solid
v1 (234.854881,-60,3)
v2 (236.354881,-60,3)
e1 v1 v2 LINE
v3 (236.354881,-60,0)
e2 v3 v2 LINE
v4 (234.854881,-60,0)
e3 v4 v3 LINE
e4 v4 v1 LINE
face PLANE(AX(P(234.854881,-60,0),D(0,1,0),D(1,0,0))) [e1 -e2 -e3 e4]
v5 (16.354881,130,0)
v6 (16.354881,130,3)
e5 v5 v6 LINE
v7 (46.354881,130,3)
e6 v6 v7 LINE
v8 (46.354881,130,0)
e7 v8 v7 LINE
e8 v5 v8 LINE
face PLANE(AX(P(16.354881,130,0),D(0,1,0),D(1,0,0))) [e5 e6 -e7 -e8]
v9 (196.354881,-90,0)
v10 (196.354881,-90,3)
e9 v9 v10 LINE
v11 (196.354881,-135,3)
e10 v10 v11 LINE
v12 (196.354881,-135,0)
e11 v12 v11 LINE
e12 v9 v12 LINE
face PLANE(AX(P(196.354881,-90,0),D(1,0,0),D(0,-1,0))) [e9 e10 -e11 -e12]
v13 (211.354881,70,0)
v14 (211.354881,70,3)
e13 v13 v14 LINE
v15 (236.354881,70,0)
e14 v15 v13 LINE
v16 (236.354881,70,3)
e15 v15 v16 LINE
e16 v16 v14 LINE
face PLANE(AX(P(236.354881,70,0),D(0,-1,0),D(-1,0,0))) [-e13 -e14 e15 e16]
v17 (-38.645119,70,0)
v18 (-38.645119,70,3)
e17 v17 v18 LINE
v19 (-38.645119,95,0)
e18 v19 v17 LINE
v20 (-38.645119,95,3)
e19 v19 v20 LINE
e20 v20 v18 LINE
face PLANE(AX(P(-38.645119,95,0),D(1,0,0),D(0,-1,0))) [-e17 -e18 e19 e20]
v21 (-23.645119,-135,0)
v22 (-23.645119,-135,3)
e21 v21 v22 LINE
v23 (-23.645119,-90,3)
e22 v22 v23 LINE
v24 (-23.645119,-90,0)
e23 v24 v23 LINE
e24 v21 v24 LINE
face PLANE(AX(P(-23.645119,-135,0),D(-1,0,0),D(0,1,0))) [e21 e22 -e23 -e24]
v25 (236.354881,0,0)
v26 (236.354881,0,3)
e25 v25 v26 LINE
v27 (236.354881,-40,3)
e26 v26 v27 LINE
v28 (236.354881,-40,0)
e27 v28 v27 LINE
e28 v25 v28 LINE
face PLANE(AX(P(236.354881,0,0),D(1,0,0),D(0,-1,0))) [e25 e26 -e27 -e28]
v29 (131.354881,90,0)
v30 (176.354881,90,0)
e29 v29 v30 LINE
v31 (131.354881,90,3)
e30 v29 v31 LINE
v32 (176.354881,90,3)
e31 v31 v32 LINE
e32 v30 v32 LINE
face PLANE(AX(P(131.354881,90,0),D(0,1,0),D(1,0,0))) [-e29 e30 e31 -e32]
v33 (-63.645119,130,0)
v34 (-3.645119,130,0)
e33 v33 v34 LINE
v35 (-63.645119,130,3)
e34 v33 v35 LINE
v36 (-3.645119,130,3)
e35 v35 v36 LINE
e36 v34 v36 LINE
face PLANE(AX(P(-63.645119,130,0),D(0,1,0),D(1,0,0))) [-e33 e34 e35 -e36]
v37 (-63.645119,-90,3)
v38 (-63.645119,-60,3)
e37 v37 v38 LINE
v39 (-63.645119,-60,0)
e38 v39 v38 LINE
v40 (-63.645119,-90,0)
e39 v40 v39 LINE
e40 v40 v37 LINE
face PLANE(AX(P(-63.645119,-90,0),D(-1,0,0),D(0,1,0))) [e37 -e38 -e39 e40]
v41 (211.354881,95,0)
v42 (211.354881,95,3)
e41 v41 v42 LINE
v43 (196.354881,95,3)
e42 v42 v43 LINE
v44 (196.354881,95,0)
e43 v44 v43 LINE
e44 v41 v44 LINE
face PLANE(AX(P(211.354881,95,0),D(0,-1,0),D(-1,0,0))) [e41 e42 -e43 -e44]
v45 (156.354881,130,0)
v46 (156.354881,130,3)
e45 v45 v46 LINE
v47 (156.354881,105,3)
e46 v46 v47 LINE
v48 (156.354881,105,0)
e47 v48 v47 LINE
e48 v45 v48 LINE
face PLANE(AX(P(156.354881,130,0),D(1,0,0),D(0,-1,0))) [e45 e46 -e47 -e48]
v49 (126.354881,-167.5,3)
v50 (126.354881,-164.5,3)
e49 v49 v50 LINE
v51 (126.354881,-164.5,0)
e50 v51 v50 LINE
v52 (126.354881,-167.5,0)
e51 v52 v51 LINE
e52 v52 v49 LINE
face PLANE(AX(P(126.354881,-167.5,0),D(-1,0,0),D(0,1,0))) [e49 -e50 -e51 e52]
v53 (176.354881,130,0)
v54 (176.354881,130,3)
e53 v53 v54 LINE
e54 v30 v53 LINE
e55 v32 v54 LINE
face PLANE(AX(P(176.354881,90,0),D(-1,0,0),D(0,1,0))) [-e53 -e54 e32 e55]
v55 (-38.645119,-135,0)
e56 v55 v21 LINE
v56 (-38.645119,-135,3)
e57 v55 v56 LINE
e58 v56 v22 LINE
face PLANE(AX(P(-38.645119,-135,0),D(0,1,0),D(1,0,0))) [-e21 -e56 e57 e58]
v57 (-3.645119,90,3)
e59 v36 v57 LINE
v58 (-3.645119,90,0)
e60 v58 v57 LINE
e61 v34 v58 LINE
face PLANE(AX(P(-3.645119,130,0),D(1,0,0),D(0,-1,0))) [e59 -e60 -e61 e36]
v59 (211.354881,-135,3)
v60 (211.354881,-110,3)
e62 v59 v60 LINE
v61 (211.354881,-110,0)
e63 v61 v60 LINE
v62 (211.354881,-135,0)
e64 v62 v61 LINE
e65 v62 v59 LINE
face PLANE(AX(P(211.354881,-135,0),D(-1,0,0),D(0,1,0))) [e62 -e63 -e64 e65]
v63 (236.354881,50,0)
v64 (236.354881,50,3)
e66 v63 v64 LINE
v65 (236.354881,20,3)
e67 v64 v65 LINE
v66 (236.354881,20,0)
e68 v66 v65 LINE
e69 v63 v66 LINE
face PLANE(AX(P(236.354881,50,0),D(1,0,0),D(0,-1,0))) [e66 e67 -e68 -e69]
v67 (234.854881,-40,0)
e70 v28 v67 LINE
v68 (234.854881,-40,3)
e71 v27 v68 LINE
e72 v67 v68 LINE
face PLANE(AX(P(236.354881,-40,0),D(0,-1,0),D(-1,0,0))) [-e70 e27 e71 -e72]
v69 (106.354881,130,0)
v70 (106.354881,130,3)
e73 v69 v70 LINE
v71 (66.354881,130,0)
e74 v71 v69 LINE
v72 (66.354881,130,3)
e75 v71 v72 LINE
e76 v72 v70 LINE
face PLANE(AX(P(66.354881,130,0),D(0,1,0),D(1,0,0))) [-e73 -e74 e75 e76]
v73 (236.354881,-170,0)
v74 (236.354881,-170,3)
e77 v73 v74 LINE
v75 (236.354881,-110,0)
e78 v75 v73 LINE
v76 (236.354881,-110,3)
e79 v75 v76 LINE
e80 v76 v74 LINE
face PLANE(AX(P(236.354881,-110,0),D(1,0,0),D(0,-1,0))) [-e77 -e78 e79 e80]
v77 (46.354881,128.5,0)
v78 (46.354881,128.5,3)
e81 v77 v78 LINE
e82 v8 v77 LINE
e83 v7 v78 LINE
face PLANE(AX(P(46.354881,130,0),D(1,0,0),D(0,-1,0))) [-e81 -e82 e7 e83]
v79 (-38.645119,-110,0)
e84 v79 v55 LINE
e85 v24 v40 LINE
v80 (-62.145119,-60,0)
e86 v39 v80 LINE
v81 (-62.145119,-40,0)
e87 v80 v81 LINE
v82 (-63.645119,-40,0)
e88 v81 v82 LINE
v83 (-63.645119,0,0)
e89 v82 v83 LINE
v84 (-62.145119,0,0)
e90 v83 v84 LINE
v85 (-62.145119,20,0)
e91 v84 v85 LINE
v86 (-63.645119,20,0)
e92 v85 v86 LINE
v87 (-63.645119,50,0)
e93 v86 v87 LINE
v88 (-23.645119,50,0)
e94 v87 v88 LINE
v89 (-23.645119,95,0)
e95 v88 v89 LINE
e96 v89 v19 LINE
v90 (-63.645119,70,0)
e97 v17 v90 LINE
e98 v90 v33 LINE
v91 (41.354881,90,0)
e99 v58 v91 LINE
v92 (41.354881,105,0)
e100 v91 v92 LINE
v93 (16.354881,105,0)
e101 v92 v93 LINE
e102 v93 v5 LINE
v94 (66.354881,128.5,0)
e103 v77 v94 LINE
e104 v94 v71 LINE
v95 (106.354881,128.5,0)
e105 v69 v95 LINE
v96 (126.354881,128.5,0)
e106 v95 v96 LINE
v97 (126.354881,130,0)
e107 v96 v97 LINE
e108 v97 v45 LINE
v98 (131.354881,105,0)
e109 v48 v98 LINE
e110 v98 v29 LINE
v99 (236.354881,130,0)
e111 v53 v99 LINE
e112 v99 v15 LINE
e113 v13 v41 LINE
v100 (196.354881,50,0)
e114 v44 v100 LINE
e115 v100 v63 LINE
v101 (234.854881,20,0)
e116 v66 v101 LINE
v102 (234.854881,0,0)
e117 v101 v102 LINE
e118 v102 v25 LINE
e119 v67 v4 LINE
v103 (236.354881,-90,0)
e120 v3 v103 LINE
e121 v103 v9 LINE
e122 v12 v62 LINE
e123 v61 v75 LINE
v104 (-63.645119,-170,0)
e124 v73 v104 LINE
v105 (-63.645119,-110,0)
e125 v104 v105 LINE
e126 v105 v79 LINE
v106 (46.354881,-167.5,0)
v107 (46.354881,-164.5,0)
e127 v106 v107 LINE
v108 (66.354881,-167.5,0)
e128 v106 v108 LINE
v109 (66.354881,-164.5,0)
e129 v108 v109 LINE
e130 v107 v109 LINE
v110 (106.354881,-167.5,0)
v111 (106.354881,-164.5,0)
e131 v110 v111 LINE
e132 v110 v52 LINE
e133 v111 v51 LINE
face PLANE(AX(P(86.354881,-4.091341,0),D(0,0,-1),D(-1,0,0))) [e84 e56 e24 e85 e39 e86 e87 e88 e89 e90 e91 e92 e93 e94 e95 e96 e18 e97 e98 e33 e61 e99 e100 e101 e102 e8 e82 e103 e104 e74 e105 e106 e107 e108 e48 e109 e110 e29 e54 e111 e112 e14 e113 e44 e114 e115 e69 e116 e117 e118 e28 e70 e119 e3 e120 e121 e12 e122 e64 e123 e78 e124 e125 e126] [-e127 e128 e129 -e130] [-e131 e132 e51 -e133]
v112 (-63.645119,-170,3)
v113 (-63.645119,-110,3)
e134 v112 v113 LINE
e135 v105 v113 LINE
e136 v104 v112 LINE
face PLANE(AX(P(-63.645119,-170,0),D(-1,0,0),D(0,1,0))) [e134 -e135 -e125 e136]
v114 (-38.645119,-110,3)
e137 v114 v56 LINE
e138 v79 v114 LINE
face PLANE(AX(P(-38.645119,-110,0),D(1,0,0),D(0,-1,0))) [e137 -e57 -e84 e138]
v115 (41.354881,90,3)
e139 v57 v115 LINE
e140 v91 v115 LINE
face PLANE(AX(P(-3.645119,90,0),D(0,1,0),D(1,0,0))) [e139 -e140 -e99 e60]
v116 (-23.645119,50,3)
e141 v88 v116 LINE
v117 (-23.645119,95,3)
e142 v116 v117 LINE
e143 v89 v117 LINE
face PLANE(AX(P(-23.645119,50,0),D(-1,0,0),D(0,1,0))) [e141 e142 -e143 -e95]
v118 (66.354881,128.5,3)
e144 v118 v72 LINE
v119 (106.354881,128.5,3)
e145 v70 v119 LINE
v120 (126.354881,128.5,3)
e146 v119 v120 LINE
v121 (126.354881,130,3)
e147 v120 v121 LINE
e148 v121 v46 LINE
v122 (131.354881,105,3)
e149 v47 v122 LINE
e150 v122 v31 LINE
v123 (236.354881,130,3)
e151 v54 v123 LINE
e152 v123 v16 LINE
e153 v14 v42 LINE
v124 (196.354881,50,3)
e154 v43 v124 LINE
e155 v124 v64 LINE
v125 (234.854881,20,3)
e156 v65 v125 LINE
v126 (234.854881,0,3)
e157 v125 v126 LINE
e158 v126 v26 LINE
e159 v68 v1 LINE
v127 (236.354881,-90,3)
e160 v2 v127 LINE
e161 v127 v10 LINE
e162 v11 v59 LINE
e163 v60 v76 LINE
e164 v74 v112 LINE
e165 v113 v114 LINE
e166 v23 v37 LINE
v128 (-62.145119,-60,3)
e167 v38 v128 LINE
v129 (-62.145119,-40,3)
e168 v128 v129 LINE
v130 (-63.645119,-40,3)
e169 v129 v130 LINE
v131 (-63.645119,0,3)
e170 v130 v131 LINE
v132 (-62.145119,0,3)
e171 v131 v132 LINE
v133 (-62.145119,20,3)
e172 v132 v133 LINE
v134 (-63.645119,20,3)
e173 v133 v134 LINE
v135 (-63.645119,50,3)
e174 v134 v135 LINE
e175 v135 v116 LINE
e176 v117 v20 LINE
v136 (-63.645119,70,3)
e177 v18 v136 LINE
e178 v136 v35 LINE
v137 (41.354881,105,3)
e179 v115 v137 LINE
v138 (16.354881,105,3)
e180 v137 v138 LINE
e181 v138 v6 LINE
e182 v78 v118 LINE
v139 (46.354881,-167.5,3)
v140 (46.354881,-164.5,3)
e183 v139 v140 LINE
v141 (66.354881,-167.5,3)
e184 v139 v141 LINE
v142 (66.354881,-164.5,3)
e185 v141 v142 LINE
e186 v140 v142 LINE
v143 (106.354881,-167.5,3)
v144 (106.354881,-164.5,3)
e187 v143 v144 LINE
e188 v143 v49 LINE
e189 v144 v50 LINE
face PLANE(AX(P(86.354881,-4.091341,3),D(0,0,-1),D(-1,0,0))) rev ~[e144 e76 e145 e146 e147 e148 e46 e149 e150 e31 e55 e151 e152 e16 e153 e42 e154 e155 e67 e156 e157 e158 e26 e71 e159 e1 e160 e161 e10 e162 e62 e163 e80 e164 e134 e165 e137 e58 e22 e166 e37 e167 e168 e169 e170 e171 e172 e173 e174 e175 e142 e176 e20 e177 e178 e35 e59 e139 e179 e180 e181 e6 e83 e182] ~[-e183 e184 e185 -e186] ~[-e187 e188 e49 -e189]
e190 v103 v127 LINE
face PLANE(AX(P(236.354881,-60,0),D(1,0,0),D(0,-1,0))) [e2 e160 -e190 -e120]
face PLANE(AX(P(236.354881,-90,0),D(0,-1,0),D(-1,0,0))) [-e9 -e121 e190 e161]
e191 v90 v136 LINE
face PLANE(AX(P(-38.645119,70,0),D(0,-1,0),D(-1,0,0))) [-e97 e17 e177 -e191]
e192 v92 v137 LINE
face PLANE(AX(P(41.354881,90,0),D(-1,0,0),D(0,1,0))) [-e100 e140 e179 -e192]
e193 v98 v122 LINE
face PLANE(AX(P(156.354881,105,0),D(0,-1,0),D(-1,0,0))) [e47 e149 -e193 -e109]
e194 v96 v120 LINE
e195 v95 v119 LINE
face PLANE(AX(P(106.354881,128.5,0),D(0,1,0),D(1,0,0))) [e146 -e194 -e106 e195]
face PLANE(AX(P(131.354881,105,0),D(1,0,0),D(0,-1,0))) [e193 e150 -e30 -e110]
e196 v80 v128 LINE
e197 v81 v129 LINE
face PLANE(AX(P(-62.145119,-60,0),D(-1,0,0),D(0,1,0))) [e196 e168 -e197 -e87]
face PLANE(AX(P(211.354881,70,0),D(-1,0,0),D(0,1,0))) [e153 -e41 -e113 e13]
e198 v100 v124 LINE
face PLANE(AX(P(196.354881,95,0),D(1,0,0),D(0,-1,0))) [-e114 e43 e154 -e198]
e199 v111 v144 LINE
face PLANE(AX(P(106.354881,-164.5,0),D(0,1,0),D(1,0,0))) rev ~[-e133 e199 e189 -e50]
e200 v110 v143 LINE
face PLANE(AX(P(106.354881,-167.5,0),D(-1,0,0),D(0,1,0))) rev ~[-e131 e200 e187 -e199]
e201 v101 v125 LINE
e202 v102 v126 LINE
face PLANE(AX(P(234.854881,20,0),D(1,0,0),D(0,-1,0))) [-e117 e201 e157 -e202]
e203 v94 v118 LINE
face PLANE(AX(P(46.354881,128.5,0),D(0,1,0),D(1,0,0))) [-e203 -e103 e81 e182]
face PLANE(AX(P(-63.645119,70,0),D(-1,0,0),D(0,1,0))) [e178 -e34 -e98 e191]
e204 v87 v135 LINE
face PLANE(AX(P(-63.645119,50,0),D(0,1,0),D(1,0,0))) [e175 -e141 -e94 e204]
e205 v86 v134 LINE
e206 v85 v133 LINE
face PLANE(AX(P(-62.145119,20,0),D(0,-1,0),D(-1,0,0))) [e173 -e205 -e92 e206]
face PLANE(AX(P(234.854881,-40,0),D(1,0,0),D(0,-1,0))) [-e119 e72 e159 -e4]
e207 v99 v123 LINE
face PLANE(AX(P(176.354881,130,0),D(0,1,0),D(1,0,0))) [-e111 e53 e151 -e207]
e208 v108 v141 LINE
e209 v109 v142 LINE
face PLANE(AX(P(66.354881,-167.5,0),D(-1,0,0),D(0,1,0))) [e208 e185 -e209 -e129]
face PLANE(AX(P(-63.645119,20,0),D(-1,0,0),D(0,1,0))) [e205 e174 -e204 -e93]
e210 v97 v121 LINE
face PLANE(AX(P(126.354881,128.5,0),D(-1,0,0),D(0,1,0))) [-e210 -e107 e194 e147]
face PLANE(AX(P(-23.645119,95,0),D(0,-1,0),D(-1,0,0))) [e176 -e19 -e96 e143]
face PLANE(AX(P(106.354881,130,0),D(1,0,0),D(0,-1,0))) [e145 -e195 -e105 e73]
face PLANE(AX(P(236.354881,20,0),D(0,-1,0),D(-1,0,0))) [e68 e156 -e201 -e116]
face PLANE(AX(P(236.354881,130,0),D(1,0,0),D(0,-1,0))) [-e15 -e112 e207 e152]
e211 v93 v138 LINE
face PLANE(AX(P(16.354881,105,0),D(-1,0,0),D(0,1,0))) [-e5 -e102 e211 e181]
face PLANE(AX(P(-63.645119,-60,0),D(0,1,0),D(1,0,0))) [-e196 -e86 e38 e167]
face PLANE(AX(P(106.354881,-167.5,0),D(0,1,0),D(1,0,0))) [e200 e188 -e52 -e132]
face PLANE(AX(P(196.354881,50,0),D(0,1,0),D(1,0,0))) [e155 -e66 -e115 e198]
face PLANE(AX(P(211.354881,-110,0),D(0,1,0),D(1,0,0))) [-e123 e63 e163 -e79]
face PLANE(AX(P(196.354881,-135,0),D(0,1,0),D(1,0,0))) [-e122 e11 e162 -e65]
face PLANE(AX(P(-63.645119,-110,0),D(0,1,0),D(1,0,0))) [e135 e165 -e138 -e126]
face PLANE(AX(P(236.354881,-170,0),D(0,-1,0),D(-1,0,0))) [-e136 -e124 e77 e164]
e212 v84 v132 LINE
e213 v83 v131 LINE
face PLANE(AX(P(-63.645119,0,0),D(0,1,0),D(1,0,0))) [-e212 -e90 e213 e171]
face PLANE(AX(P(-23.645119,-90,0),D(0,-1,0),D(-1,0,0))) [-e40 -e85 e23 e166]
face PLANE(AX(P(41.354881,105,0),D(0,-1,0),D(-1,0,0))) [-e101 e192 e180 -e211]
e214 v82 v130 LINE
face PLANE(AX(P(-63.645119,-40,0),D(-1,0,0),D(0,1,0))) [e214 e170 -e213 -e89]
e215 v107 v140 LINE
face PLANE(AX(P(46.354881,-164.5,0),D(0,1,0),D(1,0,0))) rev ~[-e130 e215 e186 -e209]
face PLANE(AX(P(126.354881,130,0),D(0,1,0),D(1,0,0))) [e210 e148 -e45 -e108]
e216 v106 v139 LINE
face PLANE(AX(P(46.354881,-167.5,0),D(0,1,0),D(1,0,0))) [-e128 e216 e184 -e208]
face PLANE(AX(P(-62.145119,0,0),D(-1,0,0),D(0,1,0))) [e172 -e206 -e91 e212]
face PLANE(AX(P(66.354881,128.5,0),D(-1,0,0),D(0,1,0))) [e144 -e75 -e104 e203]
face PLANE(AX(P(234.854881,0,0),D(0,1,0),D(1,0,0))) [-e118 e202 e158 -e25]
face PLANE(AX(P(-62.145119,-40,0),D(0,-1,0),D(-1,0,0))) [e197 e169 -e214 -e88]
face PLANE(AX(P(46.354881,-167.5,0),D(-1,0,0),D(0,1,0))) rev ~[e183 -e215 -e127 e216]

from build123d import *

# Parameters (mm, degrees)
ESBO_O2_W                = 20
ESBO_O2_H                = 3
RESSALTO_EXTRUS_O1_DEPTH = 3


with BuildPart() as part:
    # Esboço2 → Ressalto-extrusão1 (new body)
    with BuildSketch(Plane.XY):
        Polygon((-63.645119203, -170), (-63.645119203, -110), (-38.645119203, -110), (-38.645119203, -135), (-23.645119203, -135), (-23.645119203, -90), (-63.645119203, -90), (-63.645119203, -60), (-62.145119203, -60), (-62.145119203, -40), (-63.645119203, -40), (-63.645119203, 0), (-62.145119203, 0), (-62.145119203, 20), (-63.645119203, 20), (-63.645119203, 50), (-23.645119203, 50), (-23.645119203, 95), (-38.645119203, 95), (-38.645119203, 70), (-63.645119203, 70), (-63.645119203, 130), (-3.645119203, 130), (-3.645119203, 90), (41.354880797, 90), (41.354880797, 105), (16.354880797, 105), (16.354880797, 130), (46.354880797, 130), (46.354880797, 128.5), (66.354880797, 128.5), (66.354880797, 130), (106.354880797, 130), (106.354880797, 128.5), (126.354880797, 128.5), (126.354880797, 130), (156.354880797, 130), (156.354880797, 105), (131.354880797, 105), (131.354880797, 90), (176.354880797, 90), (176.354880797, 130), (236.354880797, 130), (236.354880797, 70), (211.354880797, 70), (211.354880797, 95), (196.354880797, 95), (196.354880797, 50), (236.354880797, 50), (236.354880797, 20), (234.854880797, 20), (234.854880797, 0), (236.354880797, 0), (236.354880797, -40), (234.854880797, -40), (234.854880797, -60), (236.354880797, -60), (236.354880797, -90), (196.354880797, -90), (196.354880797, -135), (211.354880797, -135), (211.354880797, -110), (236.354880797, -110), (236.354880797, -170), align=None)
        with Locations((56.354880797, -166)):
            Rectangle(ESBO_O2_W, ESBO_O2_H, mode=Mode.SUBTRACT)
        with Locations((116.354880797, -166)):
            Rectangle(ESBO_O2_W, ESBO_O2_H, mode=Mode.SUBTRACT)
    extrude(amount=RESSALTO_EXTRUS_O1_DEPTH)


solid = part.part
